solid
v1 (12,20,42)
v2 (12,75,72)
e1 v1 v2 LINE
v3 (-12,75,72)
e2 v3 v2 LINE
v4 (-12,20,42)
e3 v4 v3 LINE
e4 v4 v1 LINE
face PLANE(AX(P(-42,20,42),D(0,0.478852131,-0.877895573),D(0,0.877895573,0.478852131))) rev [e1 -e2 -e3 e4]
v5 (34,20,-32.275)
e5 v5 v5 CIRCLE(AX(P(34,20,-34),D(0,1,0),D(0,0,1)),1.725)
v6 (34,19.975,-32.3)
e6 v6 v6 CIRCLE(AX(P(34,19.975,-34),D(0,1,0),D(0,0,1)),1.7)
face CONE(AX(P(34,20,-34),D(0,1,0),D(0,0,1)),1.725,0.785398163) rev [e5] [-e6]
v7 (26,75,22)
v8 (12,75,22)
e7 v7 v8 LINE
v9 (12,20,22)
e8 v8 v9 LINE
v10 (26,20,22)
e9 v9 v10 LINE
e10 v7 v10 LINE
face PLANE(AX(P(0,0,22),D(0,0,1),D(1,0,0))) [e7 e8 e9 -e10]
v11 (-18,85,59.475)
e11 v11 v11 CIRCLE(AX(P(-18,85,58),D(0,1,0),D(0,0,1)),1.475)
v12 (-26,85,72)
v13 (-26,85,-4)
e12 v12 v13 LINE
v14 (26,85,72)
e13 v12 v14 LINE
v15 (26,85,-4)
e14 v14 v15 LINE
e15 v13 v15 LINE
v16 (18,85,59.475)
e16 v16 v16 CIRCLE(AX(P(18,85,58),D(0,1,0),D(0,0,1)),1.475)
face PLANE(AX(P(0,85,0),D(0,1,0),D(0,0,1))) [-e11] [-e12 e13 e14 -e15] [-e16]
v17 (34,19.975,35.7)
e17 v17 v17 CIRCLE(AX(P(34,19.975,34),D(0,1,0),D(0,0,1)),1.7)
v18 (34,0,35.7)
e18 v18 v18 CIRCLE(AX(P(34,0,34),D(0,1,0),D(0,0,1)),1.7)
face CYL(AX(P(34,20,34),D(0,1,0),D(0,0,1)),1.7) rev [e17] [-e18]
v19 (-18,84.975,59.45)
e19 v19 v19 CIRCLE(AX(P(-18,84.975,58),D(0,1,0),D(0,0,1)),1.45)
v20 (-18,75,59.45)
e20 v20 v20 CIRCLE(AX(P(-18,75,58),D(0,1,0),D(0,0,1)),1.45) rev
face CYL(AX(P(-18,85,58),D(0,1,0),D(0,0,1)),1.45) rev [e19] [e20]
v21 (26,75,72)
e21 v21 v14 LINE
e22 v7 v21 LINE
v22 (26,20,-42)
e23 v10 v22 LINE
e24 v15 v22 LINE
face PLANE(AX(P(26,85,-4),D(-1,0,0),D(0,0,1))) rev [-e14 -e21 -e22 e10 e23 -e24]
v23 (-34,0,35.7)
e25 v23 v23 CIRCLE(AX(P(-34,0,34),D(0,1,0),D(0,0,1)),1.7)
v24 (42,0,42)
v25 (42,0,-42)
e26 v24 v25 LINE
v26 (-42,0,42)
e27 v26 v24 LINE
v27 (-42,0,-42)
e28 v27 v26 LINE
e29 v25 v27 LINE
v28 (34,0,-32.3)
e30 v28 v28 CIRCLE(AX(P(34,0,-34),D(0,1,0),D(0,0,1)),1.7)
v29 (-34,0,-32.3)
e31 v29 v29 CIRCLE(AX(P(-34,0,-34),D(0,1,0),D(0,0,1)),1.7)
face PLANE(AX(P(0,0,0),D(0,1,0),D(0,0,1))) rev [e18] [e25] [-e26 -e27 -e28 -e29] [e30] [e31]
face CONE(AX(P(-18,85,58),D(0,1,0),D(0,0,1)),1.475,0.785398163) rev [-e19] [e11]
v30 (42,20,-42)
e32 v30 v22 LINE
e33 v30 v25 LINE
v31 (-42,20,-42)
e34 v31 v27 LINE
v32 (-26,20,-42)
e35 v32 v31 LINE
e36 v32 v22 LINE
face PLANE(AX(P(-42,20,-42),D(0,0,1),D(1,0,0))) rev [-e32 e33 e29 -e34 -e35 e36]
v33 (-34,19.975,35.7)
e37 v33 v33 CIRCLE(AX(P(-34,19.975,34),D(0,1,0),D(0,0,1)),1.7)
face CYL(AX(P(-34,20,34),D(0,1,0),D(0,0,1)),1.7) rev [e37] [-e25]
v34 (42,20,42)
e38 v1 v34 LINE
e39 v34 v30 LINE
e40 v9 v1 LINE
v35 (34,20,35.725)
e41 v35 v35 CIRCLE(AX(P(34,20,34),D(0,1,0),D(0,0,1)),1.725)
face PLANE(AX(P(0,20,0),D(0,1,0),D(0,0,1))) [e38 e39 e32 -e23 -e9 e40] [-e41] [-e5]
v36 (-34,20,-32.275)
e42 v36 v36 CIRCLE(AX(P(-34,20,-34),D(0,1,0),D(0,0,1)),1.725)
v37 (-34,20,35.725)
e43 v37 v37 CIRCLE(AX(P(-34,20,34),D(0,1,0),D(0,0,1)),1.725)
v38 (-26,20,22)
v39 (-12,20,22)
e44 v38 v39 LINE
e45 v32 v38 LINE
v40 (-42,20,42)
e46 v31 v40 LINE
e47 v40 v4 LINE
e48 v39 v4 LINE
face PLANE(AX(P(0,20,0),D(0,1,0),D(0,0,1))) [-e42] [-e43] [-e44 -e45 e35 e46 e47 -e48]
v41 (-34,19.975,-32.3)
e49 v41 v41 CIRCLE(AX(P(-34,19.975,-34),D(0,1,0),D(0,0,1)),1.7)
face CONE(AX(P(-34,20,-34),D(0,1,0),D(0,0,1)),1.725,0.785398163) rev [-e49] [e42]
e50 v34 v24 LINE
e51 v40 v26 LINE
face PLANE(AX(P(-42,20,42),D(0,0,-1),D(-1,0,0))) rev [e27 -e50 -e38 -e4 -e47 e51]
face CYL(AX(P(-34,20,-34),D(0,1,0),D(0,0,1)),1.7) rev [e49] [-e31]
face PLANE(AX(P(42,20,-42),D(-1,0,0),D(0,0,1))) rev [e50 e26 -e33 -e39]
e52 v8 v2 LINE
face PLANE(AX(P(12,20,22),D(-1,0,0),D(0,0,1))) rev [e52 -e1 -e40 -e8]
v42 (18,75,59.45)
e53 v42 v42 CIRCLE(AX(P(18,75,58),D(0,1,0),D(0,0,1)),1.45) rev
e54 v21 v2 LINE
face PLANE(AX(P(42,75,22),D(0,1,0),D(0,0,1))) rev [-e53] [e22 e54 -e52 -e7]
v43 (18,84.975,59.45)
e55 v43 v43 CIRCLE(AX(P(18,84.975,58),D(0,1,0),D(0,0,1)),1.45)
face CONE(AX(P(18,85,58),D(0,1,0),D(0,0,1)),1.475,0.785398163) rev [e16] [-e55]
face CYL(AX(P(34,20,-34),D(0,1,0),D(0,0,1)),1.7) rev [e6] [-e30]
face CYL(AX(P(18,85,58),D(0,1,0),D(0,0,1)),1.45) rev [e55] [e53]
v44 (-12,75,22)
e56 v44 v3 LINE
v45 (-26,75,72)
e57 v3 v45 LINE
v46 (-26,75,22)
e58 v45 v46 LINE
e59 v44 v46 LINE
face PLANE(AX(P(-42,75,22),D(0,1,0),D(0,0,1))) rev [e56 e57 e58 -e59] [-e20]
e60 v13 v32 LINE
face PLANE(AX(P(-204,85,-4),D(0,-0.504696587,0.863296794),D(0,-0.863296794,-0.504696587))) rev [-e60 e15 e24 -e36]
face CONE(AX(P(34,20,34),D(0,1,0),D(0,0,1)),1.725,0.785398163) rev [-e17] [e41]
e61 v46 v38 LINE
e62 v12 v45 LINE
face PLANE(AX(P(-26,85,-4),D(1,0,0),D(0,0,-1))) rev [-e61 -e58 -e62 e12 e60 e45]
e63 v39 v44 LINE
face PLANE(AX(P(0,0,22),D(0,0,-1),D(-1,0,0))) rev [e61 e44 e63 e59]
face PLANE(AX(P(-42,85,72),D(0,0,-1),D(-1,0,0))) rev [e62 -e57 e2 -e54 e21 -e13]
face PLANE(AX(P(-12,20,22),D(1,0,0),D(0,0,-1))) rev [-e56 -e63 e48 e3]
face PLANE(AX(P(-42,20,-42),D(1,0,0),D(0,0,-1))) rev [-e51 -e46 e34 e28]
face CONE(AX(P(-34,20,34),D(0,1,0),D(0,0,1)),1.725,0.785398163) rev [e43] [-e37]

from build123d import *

# Parameters (mm, degrees)
SKETCH1_W                        = 84
SKETCH1_H                        = 84
BOSS_EXTRUDE1_DEPTH              = 20
M3_CLEARANCE_HOLE1_D             = 3.4
M3_CLEARANCE_HOLE1_CSINK_D       = 3.45
M3_CLEARANCE_HOLE1_CSINK_ANGLE   = 90
BOSS_EXTRUDE2_DEPTH              = 65
BOSS_EXTRUDE3_DEPTH              = 10
M2_5_CLEARANCE_HOLE2_D           = 2.9
M2_5_CLEARANCE_HOLE2_DEPTH       = 10
M2_5_CLEARANCE_HOLE2_CSINK_D     = 2.95
M2_5_CLEARANCE_HOLE2_CSINK_ANGLE = 90
M2_5_CLEARANCE_HOLE2_TIP         = 0.871247898
SKETCH16_W                       = 30
SKETCH16_H                       = 55
CUT_EXTRUDE2_DEPTH               = 50
CUT_EXTRUDE3_DEPTH               = 124.794184031
CUT_EXTRUDE4_DEPTH               = 230
SKETCH19_W                       = 16
SKETCH19_H                       = 65
CUT_EXTRUDE5_DEPTH               = 230


with BuildPart() as part:
    # Sketch1 → Boss-Extrude1 (new body)
    with BuildSketch(Plane(origin=(0, 0, 0), x_dir=(1, 0, 0), z_dir=(0, 1, 0))):
        Rectangle(SKETCH1_W, SKETCH1_H)
    extrude(amount=BOSS_EXTRUDE1_DEPTH)

    # M3 Clearance Hole1 (through all)
    with Locations(Plane(origin=(0, 20, 0), x_dir=(1, 0, 0), z_dir=(0, 1, 0))):
        with Locations((-34, 34), (34, 34), (34, -34), (-34, -34)):
            CounterSinkHole(M3_CLEARANCE_HOLE1_D / 2, M3_CLEARANCE_HOLE1_CSINK_D / 2, counter_sink_angle=M3_CLEARANCE_HOLE1_CSINK_ANGLE)

    # Sketch5 → Boss-Extrude2 (add)
    with BuildSketch(Plane(origin=(0, 20, 0), x_dir=(1, 0, 0), z_dir=(0, 1, 0))):
        Polygon((-42, 4), (-26, 4), (-26, 42), (26, 42), (26, 4), (42, 4), (42, -72), (-42, -72), align=None)
    extrude(amount=BOSS_EXTRUDE2_DEPTH)

    # Sketch7 → Boss-Extrude3 (add)
    with BuildSketch(Plane(origin=(0, 85, 0), x_dir=(1, 0, 0), z_dir=(0, 1, 0))):
        Polygon((-42, 3), (-42, -42), (42, -42), (42, 3), (37.817930688, 3), (0, 3), (-37.817930688, 3), align=None)
    extrude(amount=-BOSS_EXTRUDE3_DEPTH)

    # M2.5 Clearance Hole2
    with Locations(Plane(origin=(0, 85, 0), x_dir=(1, 0, 0), z_dir=(0, 1, 0))):
        with Locations((-18, -58), (18, -58)):
            CounterSinkHole(M2_5_CLEARANCE_HOLE2_D / 2, M2_5_CLEARANCE_HOLE2_CSINK_D / 2, depth=M2_5_CLEARANCE_HOLE2_DEPTH, counter_sink_angle=M2_5_CLEARANCE_HOLE2_CSINK_ANGLE)
            with Locations((0, 0, -(M2_5_CLEARANCE_HOLE2_DEPTH + M2_5_CLEARANCE_HOLE2_TIP / 2))):  # 118° drill point
                Cone(0, M2_5_CLEARANCE_HOLE2_D / 2, M2_5_CLEARANCE_HOLE2_TIP, mode=Mode.SUBTRACT)

    # Sketch16 → Cut-Extrude2 (cut)
    with BuildSketch(Plane.XY.offset(72)):
        with Locations((27, 47.5)):
            Rectangle(SKETCH16_W, SKETCH16_H)
        with Locations((-27, 47.5)):
            Rectangle(SKETCH16_W, SKETCH16_H)
    extrude(amount=-CUT_EXTRUDE2_DEPTH, mode=Mode.SUBTRACT)

    # Sketch17 → Cut-Extrude3 (cut, through all)
    with BuildSketch(Plane(origin=(12, 0, 0), x_dir=(0, 0, -1), z_dir=(1, 0, 0))):
        Polygon((-42, 20), (-72, 75), (-72, 20), align=None)
    extrude(amount=-CUT_EXTRUDE3_DEPTH, mode=Mode.SUBTRACT)

    # Sketch18 → Cut-Extrude4 (cut)
    with BuildSketch(Plane(origin=(26, 0, 0), x_dir=(0, 0, -1), z_dir=(1, 0, 0))):
        Polygon((4, 85), (42, 20), (42, 85), align=None)
    extrude(amount=-CUT_EXTRUDE4_DEPTH, mode=Mode.SUBTRACT)

    # Sketch19 → Cut-Extrude5 (cut)
    with BuildSketch(Plane(origin=(0, 0, -4), x_dir=(-1, 0, 0), z_dir=(0, 0, -1))):
        with Locations((-34, 52.5)):
            Rectangle(SKETCH19_W, SKETCH19_H)
        with Locations((34, 52.5)):
            Rectangle(SKETCH19_W, SKETCH19_H)
    extrude(amount=-CUT_EXTRUDE5_DEPTH, mode=Mode.SUBTRACT)


solid = part.part
